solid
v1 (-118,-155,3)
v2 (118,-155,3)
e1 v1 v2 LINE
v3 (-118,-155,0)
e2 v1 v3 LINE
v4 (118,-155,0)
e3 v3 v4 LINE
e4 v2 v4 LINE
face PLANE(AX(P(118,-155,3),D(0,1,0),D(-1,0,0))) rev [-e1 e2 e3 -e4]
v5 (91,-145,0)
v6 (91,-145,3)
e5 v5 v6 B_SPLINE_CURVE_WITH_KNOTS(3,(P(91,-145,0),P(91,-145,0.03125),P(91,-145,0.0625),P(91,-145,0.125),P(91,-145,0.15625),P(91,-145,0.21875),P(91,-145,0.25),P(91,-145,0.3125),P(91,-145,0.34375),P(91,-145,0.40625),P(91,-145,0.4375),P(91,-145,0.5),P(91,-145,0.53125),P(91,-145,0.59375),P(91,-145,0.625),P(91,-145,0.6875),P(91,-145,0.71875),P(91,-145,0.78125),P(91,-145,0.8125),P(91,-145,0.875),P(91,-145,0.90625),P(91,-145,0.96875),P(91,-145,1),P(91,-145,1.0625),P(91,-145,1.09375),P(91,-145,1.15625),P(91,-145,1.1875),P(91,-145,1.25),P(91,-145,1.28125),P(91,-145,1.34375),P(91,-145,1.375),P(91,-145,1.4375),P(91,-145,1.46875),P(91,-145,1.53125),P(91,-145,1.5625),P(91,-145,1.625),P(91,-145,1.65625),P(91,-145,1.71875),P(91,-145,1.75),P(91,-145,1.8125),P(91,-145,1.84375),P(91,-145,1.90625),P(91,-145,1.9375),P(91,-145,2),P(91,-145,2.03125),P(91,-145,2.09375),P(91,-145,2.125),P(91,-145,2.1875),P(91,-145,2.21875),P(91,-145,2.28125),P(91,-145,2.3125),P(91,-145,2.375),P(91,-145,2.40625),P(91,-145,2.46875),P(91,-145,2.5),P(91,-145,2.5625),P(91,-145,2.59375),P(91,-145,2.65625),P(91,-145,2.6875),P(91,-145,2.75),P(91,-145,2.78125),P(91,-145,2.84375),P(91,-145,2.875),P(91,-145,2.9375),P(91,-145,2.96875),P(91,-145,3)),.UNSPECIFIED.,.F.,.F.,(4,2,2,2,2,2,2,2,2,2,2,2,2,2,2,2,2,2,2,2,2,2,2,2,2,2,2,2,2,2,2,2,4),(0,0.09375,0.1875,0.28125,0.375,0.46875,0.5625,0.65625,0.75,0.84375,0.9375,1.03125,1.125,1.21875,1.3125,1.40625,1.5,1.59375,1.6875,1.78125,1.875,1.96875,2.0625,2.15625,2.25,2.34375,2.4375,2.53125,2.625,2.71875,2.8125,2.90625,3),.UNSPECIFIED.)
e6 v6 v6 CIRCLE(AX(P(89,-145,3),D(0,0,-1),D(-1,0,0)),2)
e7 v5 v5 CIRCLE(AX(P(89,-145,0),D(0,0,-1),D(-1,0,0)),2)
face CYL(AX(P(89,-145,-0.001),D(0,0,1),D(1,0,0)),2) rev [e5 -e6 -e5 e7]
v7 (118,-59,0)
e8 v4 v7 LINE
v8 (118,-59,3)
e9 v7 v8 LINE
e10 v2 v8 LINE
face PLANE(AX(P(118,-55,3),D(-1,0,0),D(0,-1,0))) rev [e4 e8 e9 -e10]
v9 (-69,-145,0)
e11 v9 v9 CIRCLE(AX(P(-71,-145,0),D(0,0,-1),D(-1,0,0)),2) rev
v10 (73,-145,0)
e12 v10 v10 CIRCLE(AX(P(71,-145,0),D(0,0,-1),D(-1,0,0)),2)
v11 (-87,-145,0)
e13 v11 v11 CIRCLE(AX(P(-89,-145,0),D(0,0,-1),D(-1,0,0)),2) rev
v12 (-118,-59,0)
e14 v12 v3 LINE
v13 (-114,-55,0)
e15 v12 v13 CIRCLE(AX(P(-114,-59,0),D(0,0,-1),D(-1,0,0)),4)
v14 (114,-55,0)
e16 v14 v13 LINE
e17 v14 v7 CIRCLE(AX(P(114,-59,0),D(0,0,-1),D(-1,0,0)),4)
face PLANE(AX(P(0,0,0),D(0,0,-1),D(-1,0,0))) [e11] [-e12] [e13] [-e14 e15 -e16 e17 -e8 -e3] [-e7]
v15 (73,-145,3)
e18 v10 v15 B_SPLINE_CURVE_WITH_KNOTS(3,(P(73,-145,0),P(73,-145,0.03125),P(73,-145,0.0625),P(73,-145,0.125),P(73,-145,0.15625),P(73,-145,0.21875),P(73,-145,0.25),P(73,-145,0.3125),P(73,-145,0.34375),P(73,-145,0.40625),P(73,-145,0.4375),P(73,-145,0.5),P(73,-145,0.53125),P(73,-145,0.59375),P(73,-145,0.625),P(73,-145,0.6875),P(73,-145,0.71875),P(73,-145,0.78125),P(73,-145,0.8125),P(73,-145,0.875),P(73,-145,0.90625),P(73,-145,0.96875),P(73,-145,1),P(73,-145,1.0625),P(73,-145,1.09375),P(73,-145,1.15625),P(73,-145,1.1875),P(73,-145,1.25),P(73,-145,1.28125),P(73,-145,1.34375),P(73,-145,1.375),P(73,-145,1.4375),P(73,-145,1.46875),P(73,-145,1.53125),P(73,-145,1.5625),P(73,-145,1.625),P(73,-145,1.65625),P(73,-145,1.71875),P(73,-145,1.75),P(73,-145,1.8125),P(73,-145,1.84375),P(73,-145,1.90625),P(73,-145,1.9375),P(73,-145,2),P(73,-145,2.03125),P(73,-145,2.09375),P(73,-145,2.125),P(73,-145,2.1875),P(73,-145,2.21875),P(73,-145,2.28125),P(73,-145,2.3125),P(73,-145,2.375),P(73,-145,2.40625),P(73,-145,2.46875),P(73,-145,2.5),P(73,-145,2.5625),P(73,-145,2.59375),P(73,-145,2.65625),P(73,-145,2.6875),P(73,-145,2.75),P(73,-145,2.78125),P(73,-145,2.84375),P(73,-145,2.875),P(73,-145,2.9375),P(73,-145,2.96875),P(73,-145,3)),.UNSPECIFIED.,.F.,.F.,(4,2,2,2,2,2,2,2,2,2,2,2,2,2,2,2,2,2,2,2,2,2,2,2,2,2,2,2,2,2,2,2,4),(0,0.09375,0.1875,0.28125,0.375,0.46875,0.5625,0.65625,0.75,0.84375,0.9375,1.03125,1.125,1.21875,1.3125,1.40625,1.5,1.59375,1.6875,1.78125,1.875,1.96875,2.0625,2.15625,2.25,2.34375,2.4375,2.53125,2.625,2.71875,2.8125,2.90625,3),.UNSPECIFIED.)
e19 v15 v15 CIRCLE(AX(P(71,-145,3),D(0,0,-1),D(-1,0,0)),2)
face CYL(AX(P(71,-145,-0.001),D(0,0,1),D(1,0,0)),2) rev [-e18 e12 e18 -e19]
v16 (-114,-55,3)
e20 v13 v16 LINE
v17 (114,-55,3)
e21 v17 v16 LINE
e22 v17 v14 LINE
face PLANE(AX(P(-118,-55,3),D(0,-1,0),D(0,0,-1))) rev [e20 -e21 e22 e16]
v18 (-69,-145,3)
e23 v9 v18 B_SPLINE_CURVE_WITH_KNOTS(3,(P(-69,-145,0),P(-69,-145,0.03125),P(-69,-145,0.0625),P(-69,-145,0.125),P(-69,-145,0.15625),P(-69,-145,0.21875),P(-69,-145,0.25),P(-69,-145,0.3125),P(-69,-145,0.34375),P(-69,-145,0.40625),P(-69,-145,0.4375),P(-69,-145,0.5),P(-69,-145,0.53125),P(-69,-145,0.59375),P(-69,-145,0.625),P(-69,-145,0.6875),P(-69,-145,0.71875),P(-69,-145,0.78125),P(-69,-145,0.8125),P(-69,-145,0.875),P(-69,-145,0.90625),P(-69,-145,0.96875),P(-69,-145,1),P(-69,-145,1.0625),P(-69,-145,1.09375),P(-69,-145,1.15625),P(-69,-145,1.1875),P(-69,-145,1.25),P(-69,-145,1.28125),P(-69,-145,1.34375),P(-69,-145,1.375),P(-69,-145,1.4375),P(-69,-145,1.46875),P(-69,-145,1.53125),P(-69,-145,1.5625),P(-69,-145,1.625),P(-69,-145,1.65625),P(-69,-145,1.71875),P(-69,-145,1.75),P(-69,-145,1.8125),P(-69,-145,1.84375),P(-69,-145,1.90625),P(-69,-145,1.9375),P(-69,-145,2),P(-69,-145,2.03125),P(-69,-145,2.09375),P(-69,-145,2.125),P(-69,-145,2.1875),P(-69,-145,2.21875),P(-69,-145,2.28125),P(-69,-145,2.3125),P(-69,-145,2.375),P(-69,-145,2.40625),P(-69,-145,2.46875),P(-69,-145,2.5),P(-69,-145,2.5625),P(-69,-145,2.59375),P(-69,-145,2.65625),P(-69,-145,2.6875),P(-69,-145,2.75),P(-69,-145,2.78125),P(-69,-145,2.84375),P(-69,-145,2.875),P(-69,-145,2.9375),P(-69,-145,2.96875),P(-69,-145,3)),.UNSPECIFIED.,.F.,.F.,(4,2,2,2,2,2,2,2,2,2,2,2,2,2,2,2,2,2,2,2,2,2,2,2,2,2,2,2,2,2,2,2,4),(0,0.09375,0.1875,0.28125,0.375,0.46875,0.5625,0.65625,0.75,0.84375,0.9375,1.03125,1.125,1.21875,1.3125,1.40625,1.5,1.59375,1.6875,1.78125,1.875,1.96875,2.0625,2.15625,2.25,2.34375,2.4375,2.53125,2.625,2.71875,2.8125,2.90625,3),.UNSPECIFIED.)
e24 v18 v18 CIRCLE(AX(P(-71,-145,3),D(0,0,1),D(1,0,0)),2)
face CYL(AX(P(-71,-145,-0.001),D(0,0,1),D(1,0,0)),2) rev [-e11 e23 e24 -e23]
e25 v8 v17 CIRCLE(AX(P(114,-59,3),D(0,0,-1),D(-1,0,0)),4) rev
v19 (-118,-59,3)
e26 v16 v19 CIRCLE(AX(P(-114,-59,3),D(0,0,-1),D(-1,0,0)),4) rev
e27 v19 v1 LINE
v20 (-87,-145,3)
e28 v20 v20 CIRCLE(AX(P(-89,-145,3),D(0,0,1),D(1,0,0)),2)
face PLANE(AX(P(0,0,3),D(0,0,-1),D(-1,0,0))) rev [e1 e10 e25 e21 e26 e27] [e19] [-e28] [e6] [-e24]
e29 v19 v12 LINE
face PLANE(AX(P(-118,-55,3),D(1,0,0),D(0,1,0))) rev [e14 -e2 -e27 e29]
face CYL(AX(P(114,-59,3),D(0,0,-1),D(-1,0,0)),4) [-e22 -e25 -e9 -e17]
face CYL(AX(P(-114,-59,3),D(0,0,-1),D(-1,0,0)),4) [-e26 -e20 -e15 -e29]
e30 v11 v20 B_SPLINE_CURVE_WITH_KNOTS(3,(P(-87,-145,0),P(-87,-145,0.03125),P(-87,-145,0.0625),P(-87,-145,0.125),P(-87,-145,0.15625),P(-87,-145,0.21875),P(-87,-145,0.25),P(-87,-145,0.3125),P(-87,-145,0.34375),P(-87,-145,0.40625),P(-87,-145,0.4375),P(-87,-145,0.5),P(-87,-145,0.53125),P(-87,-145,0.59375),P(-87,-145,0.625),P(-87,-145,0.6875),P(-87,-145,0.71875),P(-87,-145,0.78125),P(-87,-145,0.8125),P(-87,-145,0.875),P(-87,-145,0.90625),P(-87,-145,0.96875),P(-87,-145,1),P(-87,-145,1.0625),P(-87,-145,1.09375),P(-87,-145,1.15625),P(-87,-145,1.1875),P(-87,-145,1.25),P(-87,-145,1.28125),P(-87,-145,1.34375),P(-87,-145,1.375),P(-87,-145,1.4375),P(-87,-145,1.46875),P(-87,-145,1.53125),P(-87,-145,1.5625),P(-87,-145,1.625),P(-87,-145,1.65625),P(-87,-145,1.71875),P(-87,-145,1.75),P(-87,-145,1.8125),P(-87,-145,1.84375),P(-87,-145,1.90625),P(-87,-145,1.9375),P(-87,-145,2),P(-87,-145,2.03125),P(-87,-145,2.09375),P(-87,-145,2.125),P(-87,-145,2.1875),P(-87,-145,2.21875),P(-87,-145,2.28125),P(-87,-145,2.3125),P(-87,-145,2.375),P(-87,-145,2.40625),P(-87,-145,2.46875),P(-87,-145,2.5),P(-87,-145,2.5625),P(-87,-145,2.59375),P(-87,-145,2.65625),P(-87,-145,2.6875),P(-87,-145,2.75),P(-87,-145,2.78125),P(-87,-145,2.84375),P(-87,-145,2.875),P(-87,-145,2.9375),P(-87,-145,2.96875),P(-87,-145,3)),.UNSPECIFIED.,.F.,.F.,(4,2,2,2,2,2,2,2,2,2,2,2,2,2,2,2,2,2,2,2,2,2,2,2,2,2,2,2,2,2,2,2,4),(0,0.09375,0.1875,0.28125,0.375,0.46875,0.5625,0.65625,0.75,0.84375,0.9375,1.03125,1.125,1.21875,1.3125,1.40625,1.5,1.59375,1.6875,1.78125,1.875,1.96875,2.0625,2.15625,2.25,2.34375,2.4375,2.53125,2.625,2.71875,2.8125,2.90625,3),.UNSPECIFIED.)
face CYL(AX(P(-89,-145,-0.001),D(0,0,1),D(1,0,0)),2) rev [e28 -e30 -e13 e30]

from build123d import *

# Parameters (mm, degrees)
ESQUISSE1_W             = 236
ESQUISSE1_H             = 100
BOSS_EXTRU_1_DEPTH      = 3
ENL_V_MAT_EXTRU_1_REACH = 196.828
ESQUISSE3_R             = 2
CONG_1_R                = 4


with BuildPart() as part:
    # Esquisse1 → Boss.-Extru.1 (new body)
    with BuildSketch(Plane.XY):
        with Locations((0, -105)):
            Rectangle(ESQUISSE1_W, ESQUISSE1_H)
    extrude(amount=BOSS_EXTRU_1_DEPTH)

    # Esquisse3 → Enlèv. mat.-Extru.1 (cut, up to next)
    with BuildSketch(Plane.XY.offset(3), mode=Mode.PRIVATE) as enl_v_mat_extru_1_sk1:
        with Locations((-71, -145)):
            Circle(ESQUISSE3_R)
    enl_v_mat_extru_1_tool1 = extrude(enl_v_mat_extru_1_sk1.sketch, amount=-ENL_V_MAT_EXTRU_1_REACH, mode=Mode.PRIVATE) & part.part
    # Esquisse3 → Enlèv. mat.-Extru.1 (cut, up to next)
    with BuildSketch(Plane.XY.offset(3), mode=Mode.PRIVATE) as enl_v_mat_extru_1_sk2:
        with Locations((-89, -145)):
            Circle(ESQUISSE3_R)
    enl_v_mat_extru_1_tool2 = extrude(enl_v_mat_extru_1_sk2.sketch, amount=-ENL_V_MAT_EXTRU_1_REACH, mode=Mode.PRIVATE) & part.part
    enl_v_mat_extru_1_1 = enl_v_mat_extru_1_tool1.solids().sort_by_distance((-71, -145, 3))[0]
    add(enl_v_mat_extru_1_1, mode=Mode.SUBTRACT)
    enl_v_mat_extru_1_2 = enl_v_mat_extru_1_tool2.solids().sort_by_distance((-89, -145, 3))[0]
    add(enl_v_mat_extru_1_2, mode=Mode.SUBTRACT)
    enl_v_mat_extru_1 = enl_v_mat_extru_1_1 + enl_v_mat_extru_1_2  # Enlèv. mat.-Extru.1 as one shape, for the pattern or mirror that repeats it

    # Symétrie1: Enlèv. mat.-Extru.1 across plane
    add(enl_v_mat_extru_1.mirror(Plane(origin=(0, 0, 0), x_dir=(0, 0, 1), z_dir=(1, 0, 0))), mode=Mode.SUBTRACT)

    # Congé1
    cong_1_edges = [part.edges().sort_by_distance(p)[0] for p in [
        (-118, -55, 1.5),
        (118, -55, 1.5),
    ]]
    fillet(cong_1_edges, radius=CONG_1_R)


solid = part.part
